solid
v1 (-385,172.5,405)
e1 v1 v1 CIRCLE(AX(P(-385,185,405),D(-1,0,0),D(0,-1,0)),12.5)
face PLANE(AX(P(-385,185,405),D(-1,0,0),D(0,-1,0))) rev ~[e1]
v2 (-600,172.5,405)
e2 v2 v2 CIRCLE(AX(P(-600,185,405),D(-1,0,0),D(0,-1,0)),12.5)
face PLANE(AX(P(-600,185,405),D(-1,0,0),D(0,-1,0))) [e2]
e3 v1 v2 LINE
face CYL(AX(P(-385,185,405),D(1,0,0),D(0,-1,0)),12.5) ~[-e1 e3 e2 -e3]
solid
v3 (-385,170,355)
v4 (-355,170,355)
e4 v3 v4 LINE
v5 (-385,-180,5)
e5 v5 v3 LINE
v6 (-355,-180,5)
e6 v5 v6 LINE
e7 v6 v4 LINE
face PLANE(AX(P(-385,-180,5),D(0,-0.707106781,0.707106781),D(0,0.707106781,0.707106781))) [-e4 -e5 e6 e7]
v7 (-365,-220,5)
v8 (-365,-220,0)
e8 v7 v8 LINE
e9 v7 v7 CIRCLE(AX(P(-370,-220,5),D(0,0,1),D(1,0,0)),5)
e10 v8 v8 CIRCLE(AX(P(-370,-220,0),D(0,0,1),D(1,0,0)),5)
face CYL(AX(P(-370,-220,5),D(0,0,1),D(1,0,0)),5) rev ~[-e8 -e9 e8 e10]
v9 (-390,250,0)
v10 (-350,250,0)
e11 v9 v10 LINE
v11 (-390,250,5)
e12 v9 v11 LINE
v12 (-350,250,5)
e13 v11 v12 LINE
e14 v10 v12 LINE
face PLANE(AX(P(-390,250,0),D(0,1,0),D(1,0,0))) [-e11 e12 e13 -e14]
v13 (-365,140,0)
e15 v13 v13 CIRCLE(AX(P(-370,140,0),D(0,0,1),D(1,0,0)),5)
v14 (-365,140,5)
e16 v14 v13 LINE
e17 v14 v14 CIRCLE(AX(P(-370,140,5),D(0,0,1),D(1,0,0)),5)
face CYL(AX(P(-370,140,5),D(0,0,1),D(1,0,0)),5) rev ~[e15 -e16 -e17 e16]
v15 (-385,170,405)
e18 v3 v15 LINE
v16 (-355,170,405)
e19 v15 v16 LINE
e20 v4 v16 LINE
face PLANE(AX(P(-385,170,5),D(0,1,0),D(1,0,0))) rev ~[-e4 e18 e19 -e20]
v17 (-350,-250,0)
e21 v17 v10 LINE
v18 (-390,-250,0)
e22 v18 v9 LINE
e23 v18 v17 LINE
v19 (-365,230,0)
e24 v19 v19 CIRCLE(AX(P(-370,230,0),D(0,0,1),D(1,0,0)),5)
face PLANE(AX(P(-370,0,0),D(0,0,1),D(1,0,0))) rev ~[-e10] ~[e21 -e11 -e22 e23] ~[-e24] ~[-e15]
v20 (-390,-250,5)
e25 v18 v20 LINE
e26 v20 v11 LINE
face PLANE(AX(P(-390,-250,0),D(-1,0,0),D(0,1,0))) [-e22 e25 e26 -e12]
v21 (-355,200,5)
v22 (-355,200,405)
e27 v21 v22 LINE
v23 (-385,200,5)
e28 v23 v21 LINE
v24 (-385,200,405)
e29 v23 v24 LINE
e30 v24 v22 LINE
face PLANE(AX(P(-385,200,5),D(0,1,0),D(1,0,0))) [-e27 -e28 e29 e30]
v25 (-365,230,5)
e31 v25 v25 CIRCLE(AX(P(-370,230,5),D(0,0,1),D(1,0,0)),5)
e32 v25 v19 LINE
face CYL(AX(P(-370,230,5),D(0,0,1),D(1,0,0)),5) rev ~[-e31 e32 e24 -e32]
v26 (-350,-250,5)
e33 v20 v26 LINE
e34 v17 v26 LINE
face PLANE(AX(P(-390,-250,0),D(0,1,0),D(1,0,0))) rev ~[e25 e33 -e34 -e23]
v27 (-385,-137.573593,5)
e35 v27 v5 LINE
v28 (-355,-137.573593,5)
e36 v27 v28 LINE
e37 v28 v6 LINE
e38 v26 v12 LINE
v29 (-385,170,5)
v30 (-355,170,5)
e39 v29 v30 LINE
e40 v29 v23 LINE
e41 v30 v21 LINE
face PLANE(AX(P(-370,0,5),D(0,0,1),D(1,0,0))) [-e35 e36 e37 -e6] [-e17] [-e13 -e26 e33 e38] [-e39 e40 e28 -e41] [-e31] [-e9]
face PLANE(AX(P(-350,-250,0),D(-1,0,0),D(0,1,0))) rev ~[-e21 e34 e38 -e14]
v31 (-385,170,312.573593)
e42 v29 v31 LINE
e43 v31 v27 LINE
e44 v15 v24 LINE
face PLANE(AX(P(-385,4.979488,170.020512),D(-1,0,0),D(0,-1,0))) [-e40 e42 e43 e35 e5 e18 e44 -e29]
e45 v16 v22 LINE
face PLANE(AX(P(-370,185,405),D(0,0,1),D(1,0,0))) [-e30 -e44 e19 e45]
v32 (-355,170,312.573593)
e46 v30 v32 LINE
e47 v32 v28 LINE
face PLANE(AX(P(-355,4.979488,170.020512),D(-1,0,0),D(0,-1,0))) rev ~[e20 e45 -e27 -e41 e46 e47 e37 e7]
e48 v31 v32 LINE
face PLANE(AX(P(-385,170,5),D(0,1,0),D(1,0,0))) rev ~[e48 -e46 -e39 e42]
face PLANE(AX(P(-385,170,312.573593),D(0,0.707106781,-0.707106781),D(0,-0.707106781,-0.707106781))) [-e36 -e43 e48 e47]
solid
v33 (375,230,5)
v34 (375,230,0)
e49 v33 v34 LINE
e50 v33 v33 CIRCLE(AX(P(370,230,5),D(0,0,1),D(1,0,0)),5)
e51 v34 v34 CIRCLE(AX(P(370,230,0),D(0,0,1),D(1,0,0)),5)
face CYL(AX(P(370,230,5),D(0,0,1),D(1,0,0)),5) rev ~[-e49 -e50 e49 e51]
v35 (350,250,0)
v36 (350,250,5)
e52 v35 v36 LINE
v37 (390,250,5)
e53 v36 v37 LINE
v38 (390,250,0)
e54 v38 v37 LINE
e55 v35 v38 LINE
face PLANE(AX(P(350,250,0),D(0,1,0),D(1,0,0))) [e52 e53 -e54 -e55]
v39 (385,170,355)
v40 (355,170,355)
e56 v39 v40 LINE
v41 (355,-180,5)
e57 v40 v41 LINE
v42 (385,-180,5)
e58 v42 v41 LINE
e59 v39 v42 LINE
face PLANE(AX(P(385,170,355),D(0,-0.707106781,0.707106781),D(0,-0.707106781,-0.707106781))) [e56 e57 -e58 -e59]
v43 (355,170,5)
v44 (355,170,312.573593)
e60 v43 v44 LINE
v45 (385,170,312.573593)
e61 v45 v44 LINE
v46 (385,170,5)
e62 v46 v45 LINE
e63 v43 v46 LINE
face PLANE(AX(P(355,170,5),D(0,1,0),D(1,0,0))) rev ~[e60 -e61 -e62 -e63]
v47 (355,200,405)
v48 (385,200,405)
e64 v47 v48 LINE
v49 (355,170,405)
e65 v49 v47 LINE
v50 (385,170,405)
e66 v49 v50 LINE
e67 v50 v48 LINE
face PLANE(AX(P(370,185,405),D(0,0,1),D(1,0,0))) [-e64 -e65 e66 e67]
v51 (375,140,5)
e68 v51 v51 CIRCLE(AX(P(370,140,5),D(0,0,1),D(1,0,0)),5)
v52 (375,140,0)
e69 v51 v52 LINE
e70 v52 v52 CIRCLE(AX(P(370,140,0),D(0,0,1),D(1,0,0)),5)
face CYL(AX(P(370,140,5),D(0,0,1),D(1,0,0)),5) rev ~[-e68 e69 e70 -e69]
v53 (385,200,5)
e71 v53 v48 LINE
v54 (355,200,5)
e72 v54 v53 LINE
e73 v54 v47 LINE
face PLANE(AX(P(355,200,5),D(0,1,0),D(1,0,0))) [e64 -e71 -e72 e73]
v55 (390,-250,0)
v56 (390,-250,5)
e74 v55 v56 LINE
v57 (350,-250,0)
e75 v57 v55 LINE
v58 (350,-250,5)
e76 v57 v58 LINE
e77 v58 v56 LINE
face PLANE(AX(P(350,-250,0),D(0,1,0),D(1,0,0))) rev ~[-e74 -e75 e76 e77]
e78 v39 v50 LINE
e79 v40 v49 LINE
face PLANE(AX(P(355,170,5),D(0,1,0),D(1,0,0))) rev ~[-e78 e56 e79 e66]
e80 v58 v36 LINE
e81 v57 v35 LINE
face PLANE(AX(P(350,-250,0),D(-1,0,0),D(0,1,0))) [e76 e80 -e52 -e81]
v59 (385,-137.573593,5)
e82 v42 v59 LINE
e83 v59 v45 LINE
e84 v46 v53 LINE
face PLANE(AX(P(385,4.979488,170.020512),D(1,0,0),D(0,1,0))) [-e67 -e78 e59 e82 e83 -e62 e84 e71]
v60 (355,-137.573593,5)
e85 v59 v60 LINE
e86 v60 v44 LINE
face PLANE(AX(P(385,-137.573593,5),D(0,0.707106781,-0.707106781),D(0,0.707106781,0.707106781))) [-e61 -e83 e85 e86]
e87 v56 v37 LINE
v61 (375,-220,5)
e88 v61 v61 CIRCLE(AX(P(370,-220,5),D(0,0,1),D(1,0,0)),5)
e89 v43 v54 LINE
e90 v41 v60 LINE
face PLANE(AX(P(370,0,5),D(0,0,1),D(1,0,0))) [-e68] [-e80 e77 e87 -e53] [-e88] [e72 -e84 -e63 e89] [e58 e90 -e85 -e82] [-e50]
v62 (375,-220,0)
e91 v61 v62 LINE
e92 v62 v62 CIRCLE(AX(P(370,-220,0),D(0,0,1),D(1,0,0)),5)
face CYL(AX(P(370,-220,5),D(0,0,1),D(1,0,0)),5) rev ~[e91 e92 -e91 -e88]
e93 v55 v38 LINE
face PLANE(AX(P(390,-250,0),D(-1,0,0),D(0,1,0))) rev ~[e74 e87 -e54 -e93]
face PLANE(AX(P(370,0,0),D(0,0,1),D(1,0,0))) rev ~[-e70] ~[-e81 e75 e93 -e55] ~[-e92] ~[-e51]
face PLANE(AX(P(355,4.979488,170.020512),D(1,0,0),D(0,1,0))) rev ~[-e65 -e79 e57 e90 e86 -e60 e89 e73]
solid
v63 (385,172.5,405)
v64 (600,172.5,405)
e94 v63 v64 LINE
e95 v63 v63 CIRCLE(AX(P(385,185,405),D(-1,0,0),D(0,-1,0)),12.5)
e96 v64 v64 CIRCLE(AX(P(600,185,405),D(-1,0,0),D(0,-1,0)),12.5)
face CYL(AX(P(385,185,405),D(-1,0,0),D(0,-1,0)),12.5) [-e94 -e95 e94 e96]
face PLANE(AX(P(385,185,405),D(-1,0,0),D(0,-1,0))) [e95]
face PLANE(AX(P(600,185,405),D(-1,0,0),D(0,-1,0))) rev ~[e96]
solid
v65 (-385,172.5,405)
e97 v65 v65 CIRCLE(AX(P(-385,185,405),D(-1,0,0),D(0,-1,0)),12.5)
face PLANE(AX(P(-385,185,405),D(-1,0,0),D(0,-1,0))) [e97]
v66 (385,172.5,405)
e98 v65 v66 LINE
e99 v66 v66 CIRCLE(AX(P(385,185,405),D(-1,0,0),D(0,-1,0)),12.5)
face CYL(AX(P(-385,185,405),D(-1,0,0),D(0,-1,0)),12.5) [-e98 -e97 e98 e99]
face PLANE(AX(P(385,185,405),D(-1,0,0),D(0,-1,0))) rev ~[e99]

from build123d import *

# Parameters (mm, degrees)
F0_W      = 40
F0_H      = 500
F1_DEPTH  = 5
F2_W      = 30
F2_H      = 30
F3_DEPTH  = 400
F4_R      = 5
F5_DEPTH  = 25
F4_W      = 30
F4_H      = 30
F6_DEPTH  = 400
F2_R      = 5
F7_DEPTH  = 25
F9_DEPTH  = 30
F11_DEPTH = 30
F12_R     = 12.5
F13_DEPTH = 770
F14_DEPTH = 215
F15_DEPTH = 215


with BuildPart() as f1:
    # F0 (on Top) → F1 (new body)
    with BuildSketch(Plane.XY):
        with Locations((-370, 0)):
            Rectangle(F0_W, F0_H)
    extrude(amount=F1_DEPTH)

    # F2 (on face) → F3 (join)
    with BuildSketch(Plane.XY.offset(5)):
        with Locations((-370, 185)):
            Rectangle(F2_W, F2_H)
    extrude(amount=F3_DEPTH)

    # F2 (on face) → F7 (cut)
    with BuildSketch(Plane.XY.offset(5)):
        with Locations((-370, 140)):
            Circle(F2_R)
        with Locations((-370, 230)):
            Circle(F2_R)
        with Locations((-370, -220)):
            Circle(F2_R)
    extrude(amount=-F7_DEPTH, mode=Mode.SUBTRACT)

    # F8 (on face) → F9 (join)
    with BuildSketch(Plane(origin=(-385, 0, 0), x_dir=(0, -1, 0), z_dir=(-1, 0, 0))):
        Polygon((-170, 355), (-170, 312.5735931288), (137.5735931288, 5), (180, 5), align=None)
    extrude(amount=-F9_DEPTH)


with BuildPart() as f1b:
    # F0 (on Top) → F1, piece 2 (new body)
    with BuildSketch(Plane.XY):
        with Locations((370, 0)):
            Rectangle(F0_W, F0_H)
    extrude(amount=F1_DEPTH)

    # F4 (on face) → F5 (cut)
    with BuildSketch(Plane.XY.offset(5)):
        with Locations((370, 230)):
            Circle(F4_R)
        with Locations((370, 140)):
            Circle(F4_R)
        with Locations((370, -220)):
            Circle(F4_R)
    extrude(amount=-F5_DEPTH, mode=Mode.SUBTRACT)

    # F4 (on face) → F6 (join)
    with BuildSketch(Plane.XY.offset(5)):
        with Locations((370, 185)):
            Rectangle(F4_W, F4_H)
    extrude(amount=F6_DEPTH)

    # F10 (on face) → F11 (join)
    with BuildSketch(Plane.YZ.offset(385)):
        Polygon((-137.5735931288, 5), (170, 312.5735931288), (170, 355), (-180, 5), align=None)
    extrude(amount=-F11_DEPTH)


with BuildPart() as f13:
    # F12 (on face) → F13 (new body)
    with BuildSketch(Plane(origin=(-385, 0, 0), x_dir=(0, -1, 0), z_dir=(-1, 0, 0))):
        with Locations((-185, 405)):
            Circle(F12_R)
    extrude(amount=-F13_DEPTH)


with BuildPart() as f14:
    # F14 (new): a face of the model
    f14_faces = [f13.part.faces().sort_by_distance(p)[0] for p in [
        (385, 185, 405),
    ]]
    extrude(f14_faces, amount=F14_DEPTH)


with BuildPart() as f15:
    # F15 (new): a face of the model
    f15_faces = [f13.part.faces().sort_by_distance(p)[0] for p in [
        (-385, 185, 405),
    ]]
    extrude(f15_faces, amount=F15_DEPTH)


solid = Compound([f1.part, f1b.part, f13.part, f14.part, f15.part])
